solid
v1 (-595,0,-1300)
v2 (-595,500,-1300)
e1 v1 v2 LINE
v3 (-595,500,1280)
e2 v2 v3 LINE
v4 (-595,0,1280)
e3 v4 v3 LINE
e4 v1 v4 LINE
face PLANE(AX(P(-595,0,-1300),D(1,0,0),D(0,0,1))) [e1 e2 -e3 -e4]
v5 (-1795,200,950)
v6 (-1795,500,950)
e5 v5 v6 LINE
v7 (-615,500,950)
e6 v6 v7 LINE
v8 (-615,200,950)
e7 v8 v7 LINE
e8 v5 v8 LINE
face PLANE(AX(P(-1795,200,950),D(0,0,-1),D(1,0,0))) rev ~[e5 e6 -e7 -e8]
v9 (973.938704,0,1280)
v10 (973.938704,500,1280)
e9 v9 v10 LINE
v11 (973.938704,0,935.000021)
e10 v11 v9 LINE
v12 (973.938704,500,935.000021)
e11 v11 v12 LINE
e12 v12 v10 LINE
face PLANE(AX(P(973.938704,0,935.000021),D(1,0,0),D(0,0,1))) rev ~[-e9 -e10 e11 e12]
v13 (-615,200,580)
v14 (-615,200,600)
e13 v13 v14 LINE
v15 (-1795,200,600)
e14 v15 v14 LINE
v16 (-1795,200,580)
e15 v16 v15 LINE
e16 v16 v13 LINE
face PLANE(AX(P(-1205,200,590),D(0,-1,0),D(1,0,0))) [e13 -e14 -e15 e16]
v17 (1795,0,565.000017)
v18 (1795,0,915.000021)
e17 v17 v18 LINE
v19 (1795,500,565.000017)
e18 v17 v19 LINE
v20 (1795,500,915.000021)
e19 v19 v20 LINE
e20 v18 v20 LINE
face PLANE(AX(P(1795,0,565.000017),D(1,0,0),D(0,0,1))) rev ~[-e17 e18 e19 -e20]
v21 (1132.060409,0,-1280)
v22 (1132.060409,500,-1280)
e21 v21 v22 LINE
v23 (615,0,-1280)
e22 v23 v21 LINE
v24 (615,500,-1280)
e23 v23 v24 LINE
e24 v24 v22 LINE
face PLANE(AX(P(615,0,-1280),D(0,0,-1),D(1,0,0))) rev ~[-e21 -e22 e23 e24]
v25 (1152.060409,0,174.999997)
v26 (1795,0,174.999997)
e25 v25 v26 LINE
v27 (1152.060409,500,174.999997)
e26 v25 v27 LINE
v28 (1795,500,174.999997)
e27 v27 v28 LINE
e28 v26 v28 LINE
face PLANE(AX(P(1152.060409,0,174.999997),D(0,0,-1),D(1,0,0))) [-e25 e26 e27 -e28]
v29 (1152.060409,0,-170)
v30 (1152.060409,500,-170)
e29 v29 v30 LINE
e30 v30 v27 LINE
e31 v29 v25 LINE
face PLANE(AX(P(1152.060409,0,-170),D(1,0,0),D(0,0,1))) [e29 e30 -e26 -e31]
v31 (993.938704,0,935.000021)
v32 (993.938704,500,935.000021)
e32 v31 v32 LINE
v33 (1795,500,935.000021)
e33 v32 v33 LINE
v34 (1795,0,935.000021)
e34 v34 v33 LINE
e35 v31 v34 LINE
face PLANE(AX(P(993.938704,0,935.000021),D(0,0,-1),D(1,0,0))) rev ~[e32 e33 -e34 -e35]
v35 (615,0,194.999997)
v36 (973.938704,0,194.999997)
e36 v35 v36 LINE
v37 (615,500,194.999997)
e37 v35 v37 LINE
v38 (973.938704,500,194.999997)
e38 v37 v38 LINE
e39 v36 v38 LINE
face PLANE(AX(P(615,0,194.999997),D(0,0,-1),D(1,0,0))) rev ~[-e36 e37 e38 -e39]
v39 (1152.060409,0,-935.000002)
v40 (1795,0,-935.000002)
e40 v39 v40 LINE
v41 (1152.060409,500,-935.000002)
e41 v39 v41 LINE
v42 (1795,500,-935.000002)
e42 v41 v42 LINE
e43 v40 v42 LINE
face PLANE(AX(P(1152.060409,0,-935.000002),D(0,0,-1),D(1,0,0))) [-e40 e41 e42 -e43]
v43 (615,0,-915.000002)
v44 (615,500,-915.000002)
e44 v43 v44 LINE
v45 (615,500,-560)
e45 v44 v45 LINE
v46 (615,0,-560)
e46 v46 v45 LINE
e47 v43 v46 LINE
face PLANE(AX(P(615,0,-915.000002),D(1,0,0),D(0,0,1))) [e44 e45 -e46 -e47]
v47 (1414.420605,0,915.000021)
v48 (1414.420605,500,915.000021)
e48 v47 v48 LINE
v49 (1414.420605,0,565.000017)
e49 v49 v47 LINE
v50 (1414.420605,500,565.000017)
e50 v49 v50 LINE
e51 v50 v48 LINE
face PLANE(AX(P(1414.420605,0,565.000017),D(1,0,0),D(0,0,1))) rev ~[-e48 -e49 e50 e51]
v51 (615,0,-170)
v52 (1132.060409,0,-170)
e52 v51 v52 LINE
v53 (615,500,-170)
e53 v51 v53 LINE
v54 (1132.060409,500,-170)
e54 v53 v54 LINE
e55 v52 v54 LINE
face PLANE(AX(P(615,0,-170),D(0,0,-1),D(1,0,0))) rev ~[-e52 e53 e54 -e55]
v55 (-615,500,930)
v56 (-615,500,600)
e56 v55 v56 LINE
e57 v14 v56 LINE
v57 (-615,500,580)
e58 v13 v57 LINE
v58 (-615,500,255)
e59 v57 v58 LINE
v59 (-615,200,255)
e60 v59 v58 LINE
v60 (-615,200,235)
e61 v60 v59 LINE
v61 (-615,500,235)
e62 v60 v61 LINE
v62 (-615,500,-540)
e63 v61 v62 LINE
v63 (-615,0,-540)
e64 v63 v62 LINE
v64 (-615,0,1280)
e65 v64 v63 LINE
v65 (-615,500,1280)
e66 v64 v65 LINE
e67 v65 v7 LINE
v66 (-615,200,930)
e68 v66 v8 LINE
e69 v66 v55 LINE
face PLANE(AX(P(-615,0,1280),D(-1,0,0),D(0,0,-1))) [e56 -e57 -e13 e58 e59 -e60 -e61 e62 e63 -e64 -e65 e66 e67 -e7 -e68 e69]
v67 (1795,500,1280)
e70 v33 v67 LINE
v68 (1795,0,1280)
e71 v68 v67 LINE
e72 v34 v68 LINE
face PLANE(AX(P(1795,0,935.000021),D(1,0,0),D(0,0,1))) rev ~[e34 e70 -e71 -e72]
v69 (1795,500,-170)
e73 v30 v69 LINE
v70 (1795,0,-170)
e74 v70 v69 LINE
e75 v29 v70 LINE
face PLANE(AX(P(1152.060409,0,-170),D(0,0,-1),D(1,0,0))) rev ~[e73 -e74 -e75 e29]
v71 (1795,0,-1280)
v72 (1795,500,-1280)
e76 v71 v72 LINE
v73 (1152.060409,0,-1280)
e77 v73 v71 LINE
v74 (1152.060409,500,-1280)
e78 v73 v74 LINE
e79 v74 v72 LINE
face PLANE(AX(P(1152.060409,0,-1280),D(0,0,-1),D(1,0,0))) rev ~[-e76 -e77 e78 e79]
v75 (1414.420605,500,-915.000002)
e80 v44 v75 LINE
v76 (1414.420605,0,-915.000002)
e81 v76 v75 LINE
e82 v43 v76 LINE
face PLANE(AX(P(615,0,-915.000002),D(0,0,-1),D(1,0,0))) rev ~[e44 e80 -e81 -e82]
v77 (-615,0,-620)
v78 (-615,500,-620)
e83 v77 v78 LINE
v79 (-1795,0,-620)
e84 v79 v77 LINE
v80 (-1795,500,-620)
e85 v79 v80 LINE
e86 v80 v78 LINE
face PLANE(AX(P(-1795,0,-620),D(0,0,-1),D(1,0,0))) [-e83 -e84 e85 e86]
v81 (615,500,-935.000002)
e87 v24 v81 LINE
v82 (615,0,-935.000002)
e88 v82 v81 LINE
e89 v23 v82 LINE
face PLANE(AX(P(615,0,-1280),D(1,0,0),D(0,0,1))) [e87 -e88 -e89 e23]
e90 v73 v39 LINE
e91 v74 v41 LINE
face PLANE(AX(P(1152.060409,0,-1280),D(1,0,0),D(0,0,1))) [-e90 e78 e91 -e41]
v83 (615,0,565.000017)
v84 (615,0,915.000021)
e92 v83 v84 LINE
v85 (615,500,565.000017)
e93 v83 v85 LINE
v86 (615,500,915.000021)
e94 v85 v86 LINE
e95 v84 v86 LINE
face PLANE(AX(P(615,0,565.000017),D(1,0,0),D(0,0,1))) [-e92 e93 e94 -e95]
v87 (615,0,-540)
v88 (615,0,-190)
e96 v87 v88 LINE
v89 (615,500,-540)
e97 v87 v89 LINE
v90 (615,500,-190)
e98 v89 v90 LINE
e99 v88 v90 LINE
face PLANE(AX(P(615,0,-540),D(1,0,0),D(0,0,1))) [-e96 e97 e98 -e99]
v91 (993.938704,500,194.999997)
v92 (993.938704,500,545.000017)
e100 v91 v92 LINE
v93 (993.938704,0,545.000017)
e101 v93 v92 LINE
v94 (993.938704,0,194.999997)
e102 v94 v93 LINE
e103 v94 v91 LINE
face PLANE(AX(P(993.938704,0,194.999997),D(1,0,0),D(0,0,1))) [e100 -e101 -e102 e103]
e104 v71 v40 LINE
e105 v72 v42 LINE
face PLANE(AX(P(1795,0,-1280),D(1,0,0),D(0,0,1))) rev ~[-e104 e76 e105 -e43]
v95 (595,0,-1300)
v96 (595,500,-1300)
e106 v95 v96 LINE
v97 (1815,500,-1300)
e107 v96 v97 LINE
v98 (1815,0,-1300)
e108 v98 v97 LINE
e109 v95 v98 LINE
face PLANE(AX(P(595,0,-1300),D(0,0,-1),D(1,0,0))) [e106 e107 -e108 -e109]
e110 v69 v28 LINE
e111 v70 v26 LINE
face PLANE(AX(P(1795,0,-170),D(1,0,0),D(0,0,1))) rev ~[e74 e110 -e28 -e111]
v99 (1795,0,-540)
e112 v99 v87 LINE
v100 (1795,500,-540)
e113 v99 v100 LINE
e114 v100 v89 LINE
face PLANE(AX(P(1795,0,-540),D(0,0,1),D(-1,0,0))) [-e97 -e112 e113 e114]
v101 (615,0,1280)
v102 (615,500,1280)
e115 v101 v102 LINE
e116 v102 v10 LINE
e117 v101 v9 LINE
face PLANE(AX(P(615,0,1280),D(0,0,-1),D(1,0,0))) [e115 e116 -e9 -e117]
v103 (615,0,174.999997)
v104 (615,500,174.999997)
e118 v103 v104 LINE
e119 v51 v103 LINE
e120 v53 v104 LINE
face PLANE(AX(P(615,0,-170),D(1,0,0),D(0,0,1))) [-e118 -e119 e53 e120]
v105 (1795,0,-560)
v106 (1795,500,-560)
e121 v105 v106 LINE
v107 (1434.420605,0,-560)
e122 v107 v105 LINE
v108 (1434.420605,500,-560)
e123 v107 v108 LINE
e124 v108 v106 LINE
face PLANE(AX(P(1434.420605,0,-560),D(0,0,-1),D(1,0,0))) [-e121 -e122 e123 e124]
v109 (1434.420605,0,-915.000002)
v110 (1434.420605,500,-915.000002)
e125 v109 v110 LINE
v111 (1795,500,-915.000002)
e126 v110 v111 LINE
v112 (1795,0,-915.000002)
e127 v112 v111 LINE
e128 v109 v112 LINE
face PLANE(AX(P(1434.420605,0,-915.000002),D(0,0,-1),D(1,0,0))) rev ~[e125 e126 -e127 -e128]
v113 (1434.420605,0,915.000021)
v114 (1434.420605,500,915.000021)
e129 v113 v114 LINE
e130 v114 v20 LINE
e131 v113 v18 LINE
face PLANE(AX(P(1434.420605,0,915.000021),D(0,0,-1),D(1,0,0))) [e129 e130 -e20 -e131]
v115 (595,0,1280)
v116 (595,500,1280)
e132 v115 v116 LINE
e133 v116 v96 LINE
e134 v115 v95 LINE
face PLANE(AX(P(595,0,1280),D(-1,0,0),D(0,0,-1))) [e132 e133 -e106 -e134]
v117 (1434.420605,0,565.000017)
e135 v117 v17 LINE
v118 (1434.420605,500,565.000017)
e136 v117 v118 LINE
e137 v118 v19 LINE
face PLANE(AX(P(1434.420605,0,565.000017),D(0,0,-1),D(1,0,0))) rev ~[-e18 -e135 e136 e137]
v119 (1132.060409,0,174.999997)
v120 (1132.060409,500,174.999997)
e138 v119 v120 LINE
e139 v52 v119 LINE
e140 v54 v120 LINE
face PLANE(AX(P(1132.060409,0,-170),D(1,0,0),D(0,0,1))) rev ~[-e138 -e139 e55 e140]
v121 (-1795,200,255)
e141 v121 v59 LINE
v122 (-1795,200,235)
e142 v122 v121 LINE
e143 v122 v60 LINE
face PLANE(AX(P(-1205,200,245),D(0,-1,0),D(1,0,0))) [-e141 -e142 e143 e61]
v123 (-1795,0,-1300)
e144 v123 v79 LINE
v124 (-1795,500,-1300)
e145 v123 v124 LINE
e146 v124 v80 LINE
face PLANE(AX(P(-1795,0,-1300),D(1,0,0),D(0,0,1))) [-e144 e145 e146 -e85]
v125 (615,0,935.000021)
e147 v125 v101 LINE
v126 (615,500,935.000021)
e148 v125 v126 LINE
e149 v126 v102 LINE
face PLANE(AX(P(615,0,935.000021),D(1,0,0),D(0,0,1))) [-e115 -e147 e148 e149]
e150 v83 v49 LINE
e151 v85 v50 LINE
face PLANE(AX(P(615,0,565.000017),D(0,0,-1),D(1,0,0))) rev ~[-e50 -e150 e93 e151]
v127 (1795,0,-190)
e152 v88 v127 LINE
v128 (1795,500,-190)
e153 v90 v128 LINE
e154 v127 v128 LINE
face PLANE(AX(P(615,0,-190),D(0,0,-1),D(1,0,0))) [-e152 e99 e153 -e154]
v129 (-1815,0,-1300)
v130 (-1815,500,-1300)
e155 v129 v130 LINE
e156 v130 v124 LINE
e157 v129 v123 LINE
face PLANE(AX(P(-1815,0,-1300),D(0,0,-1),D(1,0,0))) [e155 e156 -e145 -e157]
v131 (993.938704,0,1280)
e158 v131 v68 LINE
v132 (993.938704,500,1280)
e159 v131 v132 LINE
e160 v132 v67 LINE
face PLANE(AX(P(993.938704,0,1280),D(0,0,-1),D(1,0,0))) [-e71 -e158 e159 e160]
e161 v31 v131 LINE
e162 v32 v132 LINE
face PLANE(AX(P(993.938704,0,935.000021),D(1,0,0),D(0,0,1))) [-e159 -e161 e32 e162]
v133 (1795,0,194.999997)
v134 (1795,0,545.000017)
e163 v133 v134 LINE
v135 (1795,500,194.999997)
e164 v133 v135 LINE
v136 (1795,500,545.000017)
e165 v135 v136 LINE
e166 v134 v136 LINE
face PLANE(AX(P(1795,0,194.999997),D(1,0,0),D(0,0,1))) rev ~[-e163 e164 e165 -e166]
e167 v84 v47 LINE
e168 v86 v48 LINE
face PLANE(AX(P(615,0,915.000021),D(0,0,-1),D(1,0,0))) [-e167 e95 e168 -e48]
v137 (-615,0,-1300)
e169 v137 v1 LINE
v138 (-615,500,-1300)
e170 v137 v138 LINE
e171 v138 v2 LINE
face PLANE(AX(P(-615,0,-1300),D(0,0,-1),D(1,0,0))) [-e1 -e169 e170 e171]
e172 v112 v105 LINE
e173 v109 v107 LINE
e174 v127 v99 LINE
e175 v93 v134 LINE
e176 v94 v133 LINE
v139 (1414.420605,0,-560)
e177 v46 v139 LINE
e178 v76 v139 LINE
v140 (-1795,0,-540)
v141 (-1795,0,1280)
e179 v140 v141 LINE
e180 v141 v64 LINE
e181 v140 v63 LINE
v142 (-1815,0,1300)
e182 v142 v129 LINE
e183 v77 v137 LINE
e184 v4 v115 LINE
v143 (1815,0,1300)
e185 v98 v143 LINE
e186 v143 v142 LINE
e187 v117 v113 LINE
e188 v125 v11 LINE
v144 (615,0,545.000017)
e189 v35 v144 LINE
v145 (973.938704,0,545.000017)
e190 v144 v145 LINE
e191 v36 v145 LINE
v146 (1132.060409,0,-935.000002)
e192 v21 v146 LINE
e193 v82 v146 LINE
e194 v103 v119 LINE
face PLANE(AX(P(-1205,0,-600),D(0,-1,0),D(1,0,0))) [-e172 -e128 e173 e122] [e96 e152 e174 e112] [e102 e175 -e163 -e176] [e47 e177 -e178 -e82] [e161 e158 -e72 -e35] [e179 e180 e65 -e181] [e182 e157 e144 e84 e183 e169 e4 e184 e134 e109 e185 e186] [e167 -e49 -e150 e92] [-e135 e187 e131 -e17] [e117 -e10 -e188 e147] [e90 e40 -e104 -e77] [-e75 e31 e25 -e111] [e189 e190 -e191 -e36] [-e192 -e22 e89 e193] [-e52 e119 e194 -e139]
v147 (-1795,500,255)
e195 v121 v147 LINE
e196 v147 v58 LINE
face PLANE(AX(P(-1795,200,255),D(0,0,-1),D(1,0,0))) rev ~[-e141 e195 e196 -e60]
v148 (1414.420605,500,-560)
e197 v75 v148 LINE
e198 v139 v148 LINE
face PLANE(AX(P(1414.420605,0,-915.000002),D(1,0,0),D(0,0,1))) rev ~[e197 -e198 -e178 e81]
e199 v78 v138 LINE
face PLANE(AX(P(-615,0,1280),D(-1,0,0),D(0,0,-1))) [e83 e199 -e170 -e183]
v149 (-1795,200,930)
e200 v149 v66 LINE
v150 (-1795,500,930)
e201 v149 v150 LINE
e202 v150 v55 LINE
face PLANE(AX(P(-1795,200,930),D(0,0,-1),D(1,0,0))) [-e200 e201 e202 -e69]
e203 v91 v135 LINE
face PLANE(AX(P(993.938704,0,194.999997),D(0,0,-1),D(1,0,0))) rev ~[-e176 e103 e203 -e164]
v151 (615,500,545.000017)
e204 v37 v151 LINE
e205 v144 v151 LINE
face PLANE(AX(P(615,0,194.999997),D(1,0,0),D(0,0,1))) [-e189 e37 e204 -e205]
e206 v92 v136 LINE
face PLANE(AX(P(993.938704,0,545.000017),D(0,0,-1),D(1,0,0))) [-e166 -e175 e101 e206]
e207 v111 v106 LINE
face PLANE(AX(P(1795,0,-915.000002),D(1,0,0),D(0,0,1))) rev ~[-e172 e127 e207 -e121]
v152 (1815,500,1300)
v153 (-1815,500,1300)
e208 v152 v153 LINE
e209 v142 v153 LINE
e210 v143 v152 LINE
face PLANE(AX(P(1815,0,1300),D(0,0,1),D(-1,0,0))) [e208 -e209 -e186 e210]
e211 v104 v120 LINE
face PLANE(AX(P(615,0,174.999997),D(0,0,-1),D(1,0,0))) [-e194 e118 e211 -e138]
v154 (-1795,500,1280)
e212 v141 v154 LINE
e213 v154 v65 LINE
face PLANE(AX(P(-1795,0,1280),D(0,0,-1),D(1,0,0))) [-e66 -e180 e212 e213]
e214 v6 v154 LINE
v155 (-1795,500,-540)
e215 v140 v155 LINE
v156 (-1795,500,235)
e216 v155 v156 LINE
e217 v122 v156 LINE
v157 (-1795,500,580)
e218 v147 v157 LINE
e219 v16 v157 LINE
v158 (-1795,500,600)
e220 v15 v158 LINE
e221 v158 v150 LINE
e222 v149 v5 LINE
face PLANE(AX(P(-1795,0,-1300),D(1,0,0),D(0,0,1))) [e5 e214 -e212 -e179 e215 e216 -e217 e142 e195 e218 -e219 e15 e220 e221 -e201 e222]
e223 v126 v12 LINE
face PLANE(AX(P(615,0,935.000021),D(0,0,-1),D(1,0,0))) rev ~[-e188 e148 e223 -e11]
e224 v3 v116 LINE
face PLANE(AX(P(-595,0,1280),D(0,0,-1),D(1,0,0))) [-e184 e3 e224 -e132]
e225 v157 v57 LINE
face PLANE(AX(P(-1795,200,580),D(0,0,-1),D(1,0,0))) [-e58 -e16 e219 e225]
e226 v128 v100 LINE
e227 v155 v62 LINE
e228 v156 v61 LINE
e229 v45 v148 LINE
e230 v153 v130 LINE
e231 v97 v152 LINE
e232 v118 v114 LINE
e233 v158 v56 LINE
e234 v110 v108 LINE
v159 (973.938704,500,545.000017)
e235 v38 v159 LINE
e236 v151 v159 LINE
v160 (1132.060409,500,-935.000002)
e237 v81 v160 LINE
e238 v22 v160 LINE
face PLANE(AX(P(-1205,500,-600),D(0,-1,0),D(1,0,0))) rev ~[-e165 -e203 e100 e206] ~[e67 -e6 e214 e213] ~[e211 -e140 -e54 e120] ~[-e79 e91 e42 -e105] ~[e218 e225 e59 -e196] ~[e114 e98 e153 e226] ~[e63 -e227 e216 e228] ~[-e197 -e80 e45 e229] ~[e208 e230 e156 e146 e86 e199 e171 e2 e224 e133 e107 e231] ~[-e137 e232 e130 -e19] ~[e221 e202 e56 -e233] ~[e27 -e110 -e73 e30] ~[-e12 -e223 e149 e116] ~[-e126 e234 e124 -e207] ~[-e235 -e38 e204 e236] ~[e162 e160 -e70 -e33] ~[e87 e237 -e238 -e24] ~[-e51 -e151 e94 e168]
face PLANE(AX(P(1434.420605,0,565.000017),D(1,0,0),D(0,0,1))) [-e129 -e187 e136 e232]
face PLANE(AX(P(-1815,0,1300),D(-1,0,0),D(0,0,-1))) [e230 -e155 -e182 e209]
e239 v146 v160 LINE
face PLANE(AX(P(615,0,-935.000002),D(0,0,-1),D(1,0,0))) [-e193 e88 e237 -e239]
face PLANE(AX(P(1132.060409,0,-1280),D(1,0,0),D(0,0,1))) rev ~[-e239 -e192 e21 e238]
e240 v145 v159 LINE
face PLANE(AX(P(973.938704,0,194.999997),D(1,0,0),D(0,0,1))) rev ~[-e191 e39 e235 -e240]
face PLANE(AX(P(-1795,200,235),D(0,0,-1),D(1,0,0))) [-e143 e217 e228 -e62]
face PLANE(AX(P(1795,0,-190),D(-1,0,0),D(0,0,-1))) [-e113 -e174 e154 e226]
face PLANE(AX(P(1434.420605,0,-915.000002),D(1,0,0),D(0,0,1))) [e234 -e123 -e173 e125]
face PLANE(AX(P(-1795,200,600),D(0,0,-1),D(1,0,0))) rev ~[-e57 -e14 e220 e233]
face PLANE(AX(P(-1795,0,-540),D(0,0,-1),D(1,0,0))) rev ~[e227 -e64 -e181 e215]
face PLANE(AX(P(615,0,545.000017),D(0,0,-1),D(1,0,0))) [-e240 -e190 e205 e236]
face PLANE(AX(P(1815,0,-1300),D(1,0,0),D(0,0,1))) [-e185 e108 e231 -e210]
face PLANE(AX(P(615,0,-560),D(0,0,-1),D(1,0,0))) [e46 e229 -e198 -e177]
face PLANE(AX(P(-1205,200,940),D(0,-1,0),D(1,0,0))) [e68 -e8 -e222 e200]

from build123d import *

# Parameters (mm, degrees)
F0_W     = 517.0604085922
F0_H     = 344.9999976158
F0_W_2   = 642.9395914078
F0_W_3   = 799.4206047058
F0_H_2   = 355.0000023842
F0_W_4   = 360.5793952942
F0_H_3   = 344.9999970198
F0_W_5   = 358.938703537
F0_H_4   = 350.0000196695
F0_W_6   = 801.061296463
F0_H_5   = 344.9999785423
F0_H_6   = 350.0000047684
F1_DEPTH = 500
F0_W_7   = 1180
F0_H_7   = 40
F2_DEPTH = 500
F3_DEPTH = 500
F4_START = -200
F0_H_8   = 20
F4_DEPTH = 300


with BuildPart() as f1:
    # F0 (on Front) → F1 (new body)
    with BuildSketch(Plane.XZ):
        Polygon((1414.4206047058, -1300), (1815, -1300), (1815, 1300), (605, 1300), (-605, 1300), (-1815, 1300), (-1815, -1300), (-1795, -1300), (-1795, -620), (-1795, -580), (-1795, -540), (-1795, 235), (-1795, 255), (-1795, 580), (-1795, 600), (-1795, 930), (-1795, 950), (-1795, 1280), (-615, 1280), (-615, 950), (-615, 930), (-615, 600), (-615, 580), (-615, 255), (-615, 235), (-615, -540), (-615, -580), (-615, -620), (-615, -1300), (-605, -1300), (-595, -1300), (-595, 900), (-595, 1280), (595, 1280), (595, 900), (595, -1300), (605, -1300), (665, -1300), align=None)
        with Locations((873.5302042961, -1107.5000011921)):
            Rectangle(F0_W, F0_H, mode=Mode.SUBTRACT)
        with Locations((1473.5302042961, -1107.5000011921)):
            Rectangle(F0_W_2, F0_H, mode=Mode.SUBTRACT)
        with Locations((1014.7103023529, -737.5000011921)):
            Rectangle(F0_W_3, F0_H_2, mode=Mode.SUBTRACT)
        with Locations((1614.7103023529, -737.5000011921)):
            Rectangle(F0_W_4, F0_H_2, mode=Mode.SUBTRACT)
        Polygon((615, -190), (1795, -190), (1795, -540), (1434.4206047058, -540), (1414.4206047058, -540), (615, -540), align=None, mode=Mode.SUBTRACT)
        with Locations((873.5302042961, 2.4999985099)):
            Rectangle(F0_W, F0_H_3, mode=Mode.SUBTRACT)
        with Locations((794.4693517685, 370.0000068545)):
            Rectangle(F0_W_5, F0_H_4, mode=Mode.SUBTRACT)
        with Locations((1473.5302042961, 2.4999985099)):
            Rectangle(F0_W_2, F0_H_3, mode=Mode.SUBTRACT)
        with Locations((1394.4693517685, 370.0000068545)):
            Rectangle(F0_W_6, F0_H_4, mode=Mode.SUBTRACT)
        with Locations((794.4693517685, 1107.5000107288)):
            Rectangle(F0_W_5, F0_H_5, mode=Mode.SUBTRACT)
        with Locations((1014.7103023529, 740.0000190735)):
            Rectangle(F0_W_3, F0_H_6, mode=Mode.SUBTRACT)
        with Locations((1614.7103023529, 740.0000190735)):
            Rectangle(F0_W_4, F0_H_6, mode=Mode.SUBTRACT)
        with Locations((1394.4693517685, 1107.5000107288)):
            Rectangle(F0_W_6, F0_H_5, mode=Mode.SUBTRACT)
    extrude(amount=-F1_DEPTH)

    # F0 (on Front) → F2 (join)
    with BuildSketch(Plane.XZ):
        with Locations((-1205, -560)):
            Rectangle(F0_W_7, F0_H_7)
    extrude(amount=-F2_DEPTH)

    # F0 (on Front) → F3 (join)
    with BuildSketch(Plane.XZ):
        with Locations((-1205, -600)):
            Rectangle(F0_W_7, F0_H_7)
    extrude(amount=-F3_DEPTH)

    # F0 (on Front) → F4 (join)
    with BuildSketch(Plane.XZ.offset(F4_START)):
        with Locations((-1205, 245)):
            Rectangle(F0_W_7, F0_H_8)
        with Locations((-1205, 590)):
            Rectangle(F0_W_7, F0_H_8)
        with Locations((-1205, 940)):
            Rectangle(F0_W_7, F0_H_8)
    extrude(amount=-F4_DEPTH)


solid = f1.part
